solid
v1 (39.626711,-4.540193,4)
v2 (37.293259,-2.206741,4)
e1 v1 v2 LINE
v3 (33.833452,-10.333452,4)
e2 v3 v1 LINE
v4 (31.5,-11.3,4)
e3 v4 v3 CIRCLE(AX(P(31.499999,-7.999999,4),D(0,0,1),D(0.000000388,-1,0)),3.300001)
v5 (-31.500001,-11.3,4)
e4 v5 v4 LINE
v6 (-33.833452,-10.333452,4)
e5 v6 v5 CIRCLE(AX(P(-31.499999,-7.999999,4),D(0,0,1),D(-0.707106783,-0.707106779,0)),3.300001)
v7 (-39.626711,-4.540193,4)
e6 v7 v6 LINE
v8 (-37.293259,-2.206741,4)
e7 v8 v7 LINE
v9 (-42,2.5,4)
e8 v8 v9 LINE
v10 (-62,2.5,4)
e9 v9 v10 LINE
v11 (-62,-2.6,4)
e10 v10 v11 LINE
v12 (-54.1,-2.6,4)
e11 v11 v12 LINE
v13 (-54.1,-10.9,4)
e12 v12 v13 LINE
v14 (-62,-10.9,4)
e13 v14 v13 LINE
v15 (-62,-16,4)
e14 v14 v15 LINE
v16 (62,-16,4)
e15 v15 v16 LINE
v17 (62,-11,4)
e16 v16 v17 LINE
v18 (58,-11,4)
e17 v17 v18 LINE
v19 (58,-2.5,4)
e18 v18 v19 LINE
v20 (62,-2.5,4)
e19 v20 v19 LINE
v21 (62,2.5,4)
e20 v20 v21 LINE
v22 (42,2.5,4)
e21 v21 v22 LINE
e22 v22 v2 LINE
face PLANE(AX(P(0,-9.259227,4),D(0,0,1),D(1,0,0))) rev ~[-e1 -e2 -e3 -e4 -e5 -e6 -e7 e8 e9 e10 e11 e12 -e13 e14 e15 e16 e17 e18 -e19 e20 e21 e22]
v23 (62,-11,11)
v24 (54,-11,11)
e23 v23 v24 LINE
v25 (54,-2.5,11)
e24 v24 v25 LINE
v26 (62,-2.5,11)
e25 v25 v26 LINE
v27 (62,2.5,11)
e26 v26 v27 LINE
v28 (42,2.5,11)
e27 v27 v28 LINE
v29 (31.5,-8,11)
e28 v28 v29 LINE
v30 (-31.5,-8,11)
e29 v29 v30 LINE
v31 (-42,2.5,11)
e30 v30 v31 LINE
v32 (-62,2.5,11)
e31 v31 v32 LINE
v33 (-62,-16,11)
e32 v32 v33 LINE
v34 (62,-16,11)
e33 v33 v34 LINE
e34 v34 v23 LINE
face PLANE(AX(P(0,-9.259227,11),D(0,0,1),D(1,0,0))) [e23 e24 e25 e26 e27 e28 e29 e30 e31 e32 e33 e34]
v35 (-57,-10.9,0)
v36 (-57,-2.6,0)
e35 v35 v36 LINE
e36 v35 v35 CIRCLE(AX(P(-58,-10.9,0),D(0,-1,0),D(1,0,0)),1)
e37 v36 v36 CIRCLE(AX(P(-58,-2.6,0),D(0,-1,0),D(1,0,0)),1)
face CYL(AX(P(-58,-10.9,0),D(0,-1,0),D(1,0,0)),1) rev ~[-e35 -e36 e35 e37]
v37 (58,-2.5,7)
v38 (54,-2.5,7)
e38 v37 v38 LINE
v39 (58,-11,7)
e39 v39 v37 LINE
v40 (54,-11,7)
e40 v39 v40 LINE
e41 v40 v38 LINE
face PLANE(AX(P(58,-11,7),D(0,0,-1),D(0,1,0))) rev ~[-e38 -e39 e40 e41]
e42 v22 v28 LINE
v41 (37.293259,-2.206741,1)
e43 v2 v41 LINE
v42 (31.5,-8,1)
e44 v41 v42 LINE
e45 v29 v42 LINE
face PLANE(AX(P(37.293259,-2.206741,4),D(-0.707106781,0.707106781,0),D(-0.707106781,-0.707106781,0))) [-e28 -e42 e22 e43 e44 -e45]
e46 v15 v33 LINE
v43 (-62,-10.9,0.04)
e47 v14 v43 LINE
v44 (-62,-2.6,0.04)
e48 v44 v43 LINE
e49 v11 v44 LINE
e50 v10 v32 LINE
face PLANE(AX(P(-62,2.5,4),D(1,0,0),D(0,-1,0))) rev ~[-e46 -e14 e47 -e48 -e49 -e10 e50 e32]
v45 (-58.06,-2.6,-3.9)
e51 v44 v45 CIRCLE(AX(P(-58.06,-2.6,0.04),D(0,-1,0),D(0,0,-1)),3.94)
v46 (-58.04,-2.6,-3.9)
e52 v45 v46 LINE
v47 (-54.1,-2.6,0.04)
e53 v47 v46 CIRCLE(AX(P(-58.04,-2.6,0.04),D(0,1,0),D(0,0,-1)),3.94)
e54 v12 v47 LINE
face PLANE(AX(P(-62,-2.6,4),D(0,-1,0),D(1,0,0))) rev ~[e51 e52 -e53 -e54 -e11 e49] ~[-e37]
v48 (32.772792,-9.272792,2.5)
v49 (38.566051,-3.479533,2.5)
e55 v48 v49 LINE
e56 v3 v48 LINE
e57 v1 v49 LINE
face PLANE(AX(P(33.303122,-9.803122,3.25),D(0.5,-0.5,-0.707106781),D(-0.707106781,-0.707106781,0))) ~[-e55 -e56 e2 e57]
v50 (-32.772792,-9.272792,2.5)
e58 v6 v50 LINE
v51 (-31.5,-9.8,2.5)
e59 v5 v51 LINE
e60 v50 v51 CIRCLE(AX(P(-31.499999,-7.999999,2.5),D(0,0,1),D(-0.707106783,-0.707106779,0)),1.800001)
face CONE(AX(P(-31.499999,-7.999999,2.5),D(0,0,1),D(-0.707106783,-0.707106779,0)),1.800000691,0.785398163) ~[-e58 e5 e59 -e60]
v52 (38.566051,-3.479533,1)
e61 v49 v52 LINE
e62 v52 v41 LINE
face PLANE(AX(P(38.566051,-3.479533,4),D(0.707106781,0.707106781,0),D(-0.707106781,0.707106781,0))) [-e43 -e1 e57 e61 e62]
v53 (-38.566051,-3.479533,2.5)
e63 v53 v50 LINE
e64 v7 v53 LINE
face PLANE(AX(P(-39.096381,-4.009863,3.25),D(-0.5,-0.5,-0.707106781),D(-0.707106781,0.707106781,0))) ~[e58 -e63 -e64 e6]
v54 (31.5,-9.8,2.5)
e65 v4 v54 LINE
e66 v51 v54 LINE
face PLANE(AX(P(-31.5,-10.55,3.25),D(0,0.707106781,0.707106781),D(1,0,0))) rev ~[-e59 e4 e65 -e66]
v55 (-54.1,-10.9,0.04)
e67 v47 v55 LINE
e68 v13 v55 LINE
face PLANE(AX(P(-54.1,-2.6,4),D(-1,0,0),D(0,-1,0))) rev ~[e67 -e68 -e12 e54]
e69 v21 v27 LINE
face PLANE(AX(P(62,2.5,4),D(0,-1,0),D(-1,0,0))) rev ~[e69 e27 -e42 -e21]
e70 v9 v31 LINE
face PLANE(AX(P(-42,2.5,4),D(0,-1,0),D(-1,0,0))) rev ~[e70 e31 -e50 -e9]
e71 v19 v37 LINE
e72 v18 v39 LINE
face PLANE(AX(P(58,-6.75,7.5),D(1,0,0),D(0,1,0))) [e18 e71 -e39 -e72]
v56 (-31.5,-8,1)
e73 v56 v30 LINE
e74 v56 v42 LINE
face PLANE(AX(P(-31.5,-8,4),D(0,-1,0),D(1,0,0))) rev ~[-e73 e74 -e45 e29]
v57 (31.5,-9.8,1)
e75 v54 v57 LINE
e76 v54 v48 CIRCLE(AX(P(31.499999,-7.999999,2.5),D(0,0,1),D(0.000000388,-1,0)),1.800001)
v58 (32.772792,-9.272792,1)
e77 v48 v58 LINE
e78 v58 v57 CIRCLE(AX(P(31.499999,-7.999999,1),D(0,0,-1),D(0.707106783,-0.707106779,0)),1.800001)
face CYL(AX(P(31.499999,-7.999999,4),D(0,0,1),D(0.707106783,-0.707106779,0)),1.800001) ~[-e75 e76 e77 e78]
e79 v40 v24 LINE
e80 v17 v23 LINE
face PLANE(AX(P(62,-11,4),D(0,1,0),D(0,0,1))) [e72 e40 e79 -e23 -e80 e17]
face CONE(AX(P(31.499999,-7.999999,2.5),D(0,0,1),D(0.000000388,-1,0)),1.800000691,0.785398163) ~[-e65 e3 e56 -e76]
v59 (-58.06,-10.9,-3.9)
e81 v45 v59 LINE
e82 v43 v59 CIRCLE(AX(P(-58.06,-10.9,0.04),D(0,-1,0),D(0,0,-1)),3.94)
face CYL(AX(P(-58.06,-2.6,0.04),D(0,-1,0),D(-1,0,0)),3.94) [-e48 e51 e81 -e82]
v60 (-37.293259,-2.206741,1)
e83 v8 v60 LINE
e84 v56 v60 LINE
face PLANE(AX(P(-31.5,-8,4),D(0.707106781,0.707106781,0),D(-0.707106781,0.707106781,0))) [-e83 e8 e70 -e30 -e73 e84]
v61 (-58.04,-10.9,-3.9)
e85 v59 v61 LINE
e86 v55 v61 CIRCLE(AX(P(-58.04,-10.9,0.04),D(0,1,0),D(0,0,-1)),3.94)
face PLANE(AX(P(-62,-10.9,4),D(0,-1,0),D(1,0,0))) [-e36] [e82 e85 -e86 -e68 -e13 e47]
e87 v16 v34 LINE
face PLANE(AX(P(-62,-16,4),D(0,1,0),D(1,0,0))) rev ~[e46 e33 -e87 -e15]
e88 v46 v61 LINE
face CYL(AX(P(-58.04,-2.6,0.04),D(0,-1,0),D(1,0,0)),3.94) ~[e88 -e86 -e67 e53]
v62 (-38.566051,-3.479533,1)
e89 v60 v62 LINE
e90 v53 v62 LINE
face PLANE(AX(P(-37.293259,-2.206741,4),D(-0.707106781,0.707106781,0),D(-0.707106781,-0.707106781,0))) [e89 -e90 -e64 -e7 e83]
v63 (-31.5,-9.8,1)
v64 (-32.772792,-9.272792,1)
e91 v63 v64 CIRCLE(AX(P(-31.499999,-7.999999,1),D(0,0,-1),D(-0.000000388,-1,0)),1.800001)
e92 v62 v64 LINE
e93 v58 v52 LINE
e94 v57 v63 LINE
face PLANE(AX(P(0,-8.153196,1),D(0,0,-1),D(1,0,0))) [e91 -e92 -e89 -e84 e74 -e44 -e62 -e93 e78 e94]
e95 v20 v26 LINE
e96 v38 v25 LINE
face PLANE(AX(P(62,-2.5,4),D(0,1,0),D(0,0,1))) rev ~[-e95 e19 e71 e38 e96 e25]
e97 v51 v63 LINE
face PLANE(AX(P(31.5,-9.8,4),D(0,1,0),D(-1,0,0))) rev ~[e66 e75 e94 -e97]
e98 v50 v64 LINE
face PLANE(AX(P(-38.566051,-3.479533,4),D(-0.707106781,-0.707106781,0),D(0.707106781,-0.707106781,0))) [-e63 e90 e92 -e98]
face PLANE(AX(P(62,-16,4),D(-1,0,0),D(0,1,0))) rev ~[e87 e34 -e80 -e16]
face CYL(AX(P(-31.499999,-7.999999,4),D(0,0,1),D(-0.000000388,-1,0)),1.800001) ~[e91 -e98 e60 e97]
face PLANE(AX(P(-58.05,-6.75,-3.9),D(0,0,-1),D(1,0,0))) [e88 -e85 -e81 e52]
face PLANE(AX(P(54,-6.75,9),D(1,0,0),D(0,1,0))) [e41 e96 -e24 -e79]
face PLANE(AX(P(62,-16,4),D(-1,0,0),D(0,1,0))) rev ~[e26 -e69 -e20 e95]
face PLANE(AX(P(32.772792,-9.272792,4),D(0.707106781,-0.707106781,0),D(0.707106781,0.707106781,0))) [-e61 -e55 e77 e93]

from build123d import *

# Parameters (mm, degrees)
PAD002_DEPTH    = 7
PAD003_DEPTH    = 3
CHAMFER003_SIZE = 1.5
SKETCH009_W     = 7.9
SKETCH009_H     = 8.3
PAD004_DEPTH    = 7.9
FILLET001_R     = 3.94
SKETCH010_R     = 1
HOLE002_DEPTH   = 25
SKETCH016_W     = 8.5
SKETCH016_H     = 7
POCKET003_DEPTH = 4
SKETCH017_W     = 8.5
SKETCH017_H     = 4
POCKET004_DEPTH = 4


with BuildPart() as part:
    # Sketch006 → Pad002 (new body)
    with BuildSketch(Plane.XY.offset(4)):
        Polygon((-62, 2.5), (-62, -16), (62, -16), (62, 2.5), (42, 2.5), (31.5, -8), (-31.5, -8), (-42, 2.5), align=None)
    extrude(amount=PAD002_DEPTH)

    # Sketch007 (on Face9 of Pad002) → Pad003 (join)
    with BuildSketch(Plane(origin=(0, 0, 4), x_dir=(1, 0, 0), z_dir=(0, 0, -1))):
        with BuildLine():
            Line((-31.5, 8), (31.5, 8))
            Line((37.293259, 2.206741), (31.5, 8))
            Line((38.566051, 3.479533), (37.293259, 2.206741))
            Line((32.772792, 9.272792), (38.566051, 3.479533))
            ThreePointArc((32.772792, 9.272792), (32.18883, 9.662983), (31.5, 9.8))
            Line((31.5, 9.8), (-31.5, 9.8))
            ThreePointArc((-31.5, 9.8), (-32.18883, 9.662983), (-32.772792, 9.272792))
            Line((-38.566051, 3.479533), (-32.772792, 9.272792))
            Line((-37.293259, 2.206741), (-38.566051, 3.479533))
            Line((-31.5, 8), (-37.293259, 2.206741))
        make_face()
    extrude(amount=PAD003_DEPTH)

    # Chamfer003
    chamfer003_edges = [part.edges().sort_by_distance(p)[0] for p in [
        (-35.669422, -6.376163, 4),
    ]]
    chamfer(chamfer003_edges, length=CHAMFER003_SIZE)

    # Sketch009 (on Face1 of Chamfer003) → Pad004 (join)
    with BuildSketch(Plane(origin=(0, 0, 4), x_dir=(1, 0, 0), z_dir=(0, 0, -1))):
        with Locations((-58.05, 6.75)):
            Rectangle(SKETCH009_W, SKETCH009_H)
    extrude(amount=PAD004_DEPTH)

    # Fillet001
    fillet001_edges = [part.edges().sort_by_distance(p)[0] for p in [
        (-54.1, -6.75, -3.9),
        (-62, -6.75, -3.9),
    ]]
    fillet(fillet001_edges, radius=FILLET001_R)

    # Sketch010 (on Face1 of Fillet001) → Hole002 (cut)
    with BuildSketch(Plane.XZ.offset(10.9)):
        with Locations((-58, 0)):
            Circle(SKETCH010_R)
    extrude(amount=-HOLE002_DEPTH, mode=Mode.SUBTRACT)

    # Sketch016 (on Face19 of Hole002) → Pocket003 (cut)
    with BuildSketch(Plane.YZ.offset(62)):
        with Locations((-6.75, 7.5)):
            Rectangle(SKETCH016_W, SKETCH016_H)
    extrude(amount=-POCKET003_DEPTH, mode=Mode.SUBTRACT)

    # Sketch017 (on Face21 of Pocket003) → Pocket004 (cut)
    with BuildSketch(Plane.YZ.offset(58)):
        with Locations((-6.75, 9)):
            Rectangle(SKETCH017_W, SKETCH017_H)
    extrude(amount=-POCKET004_DEPTH, mode=Mode.SUBTRACT)


solid = part.part
